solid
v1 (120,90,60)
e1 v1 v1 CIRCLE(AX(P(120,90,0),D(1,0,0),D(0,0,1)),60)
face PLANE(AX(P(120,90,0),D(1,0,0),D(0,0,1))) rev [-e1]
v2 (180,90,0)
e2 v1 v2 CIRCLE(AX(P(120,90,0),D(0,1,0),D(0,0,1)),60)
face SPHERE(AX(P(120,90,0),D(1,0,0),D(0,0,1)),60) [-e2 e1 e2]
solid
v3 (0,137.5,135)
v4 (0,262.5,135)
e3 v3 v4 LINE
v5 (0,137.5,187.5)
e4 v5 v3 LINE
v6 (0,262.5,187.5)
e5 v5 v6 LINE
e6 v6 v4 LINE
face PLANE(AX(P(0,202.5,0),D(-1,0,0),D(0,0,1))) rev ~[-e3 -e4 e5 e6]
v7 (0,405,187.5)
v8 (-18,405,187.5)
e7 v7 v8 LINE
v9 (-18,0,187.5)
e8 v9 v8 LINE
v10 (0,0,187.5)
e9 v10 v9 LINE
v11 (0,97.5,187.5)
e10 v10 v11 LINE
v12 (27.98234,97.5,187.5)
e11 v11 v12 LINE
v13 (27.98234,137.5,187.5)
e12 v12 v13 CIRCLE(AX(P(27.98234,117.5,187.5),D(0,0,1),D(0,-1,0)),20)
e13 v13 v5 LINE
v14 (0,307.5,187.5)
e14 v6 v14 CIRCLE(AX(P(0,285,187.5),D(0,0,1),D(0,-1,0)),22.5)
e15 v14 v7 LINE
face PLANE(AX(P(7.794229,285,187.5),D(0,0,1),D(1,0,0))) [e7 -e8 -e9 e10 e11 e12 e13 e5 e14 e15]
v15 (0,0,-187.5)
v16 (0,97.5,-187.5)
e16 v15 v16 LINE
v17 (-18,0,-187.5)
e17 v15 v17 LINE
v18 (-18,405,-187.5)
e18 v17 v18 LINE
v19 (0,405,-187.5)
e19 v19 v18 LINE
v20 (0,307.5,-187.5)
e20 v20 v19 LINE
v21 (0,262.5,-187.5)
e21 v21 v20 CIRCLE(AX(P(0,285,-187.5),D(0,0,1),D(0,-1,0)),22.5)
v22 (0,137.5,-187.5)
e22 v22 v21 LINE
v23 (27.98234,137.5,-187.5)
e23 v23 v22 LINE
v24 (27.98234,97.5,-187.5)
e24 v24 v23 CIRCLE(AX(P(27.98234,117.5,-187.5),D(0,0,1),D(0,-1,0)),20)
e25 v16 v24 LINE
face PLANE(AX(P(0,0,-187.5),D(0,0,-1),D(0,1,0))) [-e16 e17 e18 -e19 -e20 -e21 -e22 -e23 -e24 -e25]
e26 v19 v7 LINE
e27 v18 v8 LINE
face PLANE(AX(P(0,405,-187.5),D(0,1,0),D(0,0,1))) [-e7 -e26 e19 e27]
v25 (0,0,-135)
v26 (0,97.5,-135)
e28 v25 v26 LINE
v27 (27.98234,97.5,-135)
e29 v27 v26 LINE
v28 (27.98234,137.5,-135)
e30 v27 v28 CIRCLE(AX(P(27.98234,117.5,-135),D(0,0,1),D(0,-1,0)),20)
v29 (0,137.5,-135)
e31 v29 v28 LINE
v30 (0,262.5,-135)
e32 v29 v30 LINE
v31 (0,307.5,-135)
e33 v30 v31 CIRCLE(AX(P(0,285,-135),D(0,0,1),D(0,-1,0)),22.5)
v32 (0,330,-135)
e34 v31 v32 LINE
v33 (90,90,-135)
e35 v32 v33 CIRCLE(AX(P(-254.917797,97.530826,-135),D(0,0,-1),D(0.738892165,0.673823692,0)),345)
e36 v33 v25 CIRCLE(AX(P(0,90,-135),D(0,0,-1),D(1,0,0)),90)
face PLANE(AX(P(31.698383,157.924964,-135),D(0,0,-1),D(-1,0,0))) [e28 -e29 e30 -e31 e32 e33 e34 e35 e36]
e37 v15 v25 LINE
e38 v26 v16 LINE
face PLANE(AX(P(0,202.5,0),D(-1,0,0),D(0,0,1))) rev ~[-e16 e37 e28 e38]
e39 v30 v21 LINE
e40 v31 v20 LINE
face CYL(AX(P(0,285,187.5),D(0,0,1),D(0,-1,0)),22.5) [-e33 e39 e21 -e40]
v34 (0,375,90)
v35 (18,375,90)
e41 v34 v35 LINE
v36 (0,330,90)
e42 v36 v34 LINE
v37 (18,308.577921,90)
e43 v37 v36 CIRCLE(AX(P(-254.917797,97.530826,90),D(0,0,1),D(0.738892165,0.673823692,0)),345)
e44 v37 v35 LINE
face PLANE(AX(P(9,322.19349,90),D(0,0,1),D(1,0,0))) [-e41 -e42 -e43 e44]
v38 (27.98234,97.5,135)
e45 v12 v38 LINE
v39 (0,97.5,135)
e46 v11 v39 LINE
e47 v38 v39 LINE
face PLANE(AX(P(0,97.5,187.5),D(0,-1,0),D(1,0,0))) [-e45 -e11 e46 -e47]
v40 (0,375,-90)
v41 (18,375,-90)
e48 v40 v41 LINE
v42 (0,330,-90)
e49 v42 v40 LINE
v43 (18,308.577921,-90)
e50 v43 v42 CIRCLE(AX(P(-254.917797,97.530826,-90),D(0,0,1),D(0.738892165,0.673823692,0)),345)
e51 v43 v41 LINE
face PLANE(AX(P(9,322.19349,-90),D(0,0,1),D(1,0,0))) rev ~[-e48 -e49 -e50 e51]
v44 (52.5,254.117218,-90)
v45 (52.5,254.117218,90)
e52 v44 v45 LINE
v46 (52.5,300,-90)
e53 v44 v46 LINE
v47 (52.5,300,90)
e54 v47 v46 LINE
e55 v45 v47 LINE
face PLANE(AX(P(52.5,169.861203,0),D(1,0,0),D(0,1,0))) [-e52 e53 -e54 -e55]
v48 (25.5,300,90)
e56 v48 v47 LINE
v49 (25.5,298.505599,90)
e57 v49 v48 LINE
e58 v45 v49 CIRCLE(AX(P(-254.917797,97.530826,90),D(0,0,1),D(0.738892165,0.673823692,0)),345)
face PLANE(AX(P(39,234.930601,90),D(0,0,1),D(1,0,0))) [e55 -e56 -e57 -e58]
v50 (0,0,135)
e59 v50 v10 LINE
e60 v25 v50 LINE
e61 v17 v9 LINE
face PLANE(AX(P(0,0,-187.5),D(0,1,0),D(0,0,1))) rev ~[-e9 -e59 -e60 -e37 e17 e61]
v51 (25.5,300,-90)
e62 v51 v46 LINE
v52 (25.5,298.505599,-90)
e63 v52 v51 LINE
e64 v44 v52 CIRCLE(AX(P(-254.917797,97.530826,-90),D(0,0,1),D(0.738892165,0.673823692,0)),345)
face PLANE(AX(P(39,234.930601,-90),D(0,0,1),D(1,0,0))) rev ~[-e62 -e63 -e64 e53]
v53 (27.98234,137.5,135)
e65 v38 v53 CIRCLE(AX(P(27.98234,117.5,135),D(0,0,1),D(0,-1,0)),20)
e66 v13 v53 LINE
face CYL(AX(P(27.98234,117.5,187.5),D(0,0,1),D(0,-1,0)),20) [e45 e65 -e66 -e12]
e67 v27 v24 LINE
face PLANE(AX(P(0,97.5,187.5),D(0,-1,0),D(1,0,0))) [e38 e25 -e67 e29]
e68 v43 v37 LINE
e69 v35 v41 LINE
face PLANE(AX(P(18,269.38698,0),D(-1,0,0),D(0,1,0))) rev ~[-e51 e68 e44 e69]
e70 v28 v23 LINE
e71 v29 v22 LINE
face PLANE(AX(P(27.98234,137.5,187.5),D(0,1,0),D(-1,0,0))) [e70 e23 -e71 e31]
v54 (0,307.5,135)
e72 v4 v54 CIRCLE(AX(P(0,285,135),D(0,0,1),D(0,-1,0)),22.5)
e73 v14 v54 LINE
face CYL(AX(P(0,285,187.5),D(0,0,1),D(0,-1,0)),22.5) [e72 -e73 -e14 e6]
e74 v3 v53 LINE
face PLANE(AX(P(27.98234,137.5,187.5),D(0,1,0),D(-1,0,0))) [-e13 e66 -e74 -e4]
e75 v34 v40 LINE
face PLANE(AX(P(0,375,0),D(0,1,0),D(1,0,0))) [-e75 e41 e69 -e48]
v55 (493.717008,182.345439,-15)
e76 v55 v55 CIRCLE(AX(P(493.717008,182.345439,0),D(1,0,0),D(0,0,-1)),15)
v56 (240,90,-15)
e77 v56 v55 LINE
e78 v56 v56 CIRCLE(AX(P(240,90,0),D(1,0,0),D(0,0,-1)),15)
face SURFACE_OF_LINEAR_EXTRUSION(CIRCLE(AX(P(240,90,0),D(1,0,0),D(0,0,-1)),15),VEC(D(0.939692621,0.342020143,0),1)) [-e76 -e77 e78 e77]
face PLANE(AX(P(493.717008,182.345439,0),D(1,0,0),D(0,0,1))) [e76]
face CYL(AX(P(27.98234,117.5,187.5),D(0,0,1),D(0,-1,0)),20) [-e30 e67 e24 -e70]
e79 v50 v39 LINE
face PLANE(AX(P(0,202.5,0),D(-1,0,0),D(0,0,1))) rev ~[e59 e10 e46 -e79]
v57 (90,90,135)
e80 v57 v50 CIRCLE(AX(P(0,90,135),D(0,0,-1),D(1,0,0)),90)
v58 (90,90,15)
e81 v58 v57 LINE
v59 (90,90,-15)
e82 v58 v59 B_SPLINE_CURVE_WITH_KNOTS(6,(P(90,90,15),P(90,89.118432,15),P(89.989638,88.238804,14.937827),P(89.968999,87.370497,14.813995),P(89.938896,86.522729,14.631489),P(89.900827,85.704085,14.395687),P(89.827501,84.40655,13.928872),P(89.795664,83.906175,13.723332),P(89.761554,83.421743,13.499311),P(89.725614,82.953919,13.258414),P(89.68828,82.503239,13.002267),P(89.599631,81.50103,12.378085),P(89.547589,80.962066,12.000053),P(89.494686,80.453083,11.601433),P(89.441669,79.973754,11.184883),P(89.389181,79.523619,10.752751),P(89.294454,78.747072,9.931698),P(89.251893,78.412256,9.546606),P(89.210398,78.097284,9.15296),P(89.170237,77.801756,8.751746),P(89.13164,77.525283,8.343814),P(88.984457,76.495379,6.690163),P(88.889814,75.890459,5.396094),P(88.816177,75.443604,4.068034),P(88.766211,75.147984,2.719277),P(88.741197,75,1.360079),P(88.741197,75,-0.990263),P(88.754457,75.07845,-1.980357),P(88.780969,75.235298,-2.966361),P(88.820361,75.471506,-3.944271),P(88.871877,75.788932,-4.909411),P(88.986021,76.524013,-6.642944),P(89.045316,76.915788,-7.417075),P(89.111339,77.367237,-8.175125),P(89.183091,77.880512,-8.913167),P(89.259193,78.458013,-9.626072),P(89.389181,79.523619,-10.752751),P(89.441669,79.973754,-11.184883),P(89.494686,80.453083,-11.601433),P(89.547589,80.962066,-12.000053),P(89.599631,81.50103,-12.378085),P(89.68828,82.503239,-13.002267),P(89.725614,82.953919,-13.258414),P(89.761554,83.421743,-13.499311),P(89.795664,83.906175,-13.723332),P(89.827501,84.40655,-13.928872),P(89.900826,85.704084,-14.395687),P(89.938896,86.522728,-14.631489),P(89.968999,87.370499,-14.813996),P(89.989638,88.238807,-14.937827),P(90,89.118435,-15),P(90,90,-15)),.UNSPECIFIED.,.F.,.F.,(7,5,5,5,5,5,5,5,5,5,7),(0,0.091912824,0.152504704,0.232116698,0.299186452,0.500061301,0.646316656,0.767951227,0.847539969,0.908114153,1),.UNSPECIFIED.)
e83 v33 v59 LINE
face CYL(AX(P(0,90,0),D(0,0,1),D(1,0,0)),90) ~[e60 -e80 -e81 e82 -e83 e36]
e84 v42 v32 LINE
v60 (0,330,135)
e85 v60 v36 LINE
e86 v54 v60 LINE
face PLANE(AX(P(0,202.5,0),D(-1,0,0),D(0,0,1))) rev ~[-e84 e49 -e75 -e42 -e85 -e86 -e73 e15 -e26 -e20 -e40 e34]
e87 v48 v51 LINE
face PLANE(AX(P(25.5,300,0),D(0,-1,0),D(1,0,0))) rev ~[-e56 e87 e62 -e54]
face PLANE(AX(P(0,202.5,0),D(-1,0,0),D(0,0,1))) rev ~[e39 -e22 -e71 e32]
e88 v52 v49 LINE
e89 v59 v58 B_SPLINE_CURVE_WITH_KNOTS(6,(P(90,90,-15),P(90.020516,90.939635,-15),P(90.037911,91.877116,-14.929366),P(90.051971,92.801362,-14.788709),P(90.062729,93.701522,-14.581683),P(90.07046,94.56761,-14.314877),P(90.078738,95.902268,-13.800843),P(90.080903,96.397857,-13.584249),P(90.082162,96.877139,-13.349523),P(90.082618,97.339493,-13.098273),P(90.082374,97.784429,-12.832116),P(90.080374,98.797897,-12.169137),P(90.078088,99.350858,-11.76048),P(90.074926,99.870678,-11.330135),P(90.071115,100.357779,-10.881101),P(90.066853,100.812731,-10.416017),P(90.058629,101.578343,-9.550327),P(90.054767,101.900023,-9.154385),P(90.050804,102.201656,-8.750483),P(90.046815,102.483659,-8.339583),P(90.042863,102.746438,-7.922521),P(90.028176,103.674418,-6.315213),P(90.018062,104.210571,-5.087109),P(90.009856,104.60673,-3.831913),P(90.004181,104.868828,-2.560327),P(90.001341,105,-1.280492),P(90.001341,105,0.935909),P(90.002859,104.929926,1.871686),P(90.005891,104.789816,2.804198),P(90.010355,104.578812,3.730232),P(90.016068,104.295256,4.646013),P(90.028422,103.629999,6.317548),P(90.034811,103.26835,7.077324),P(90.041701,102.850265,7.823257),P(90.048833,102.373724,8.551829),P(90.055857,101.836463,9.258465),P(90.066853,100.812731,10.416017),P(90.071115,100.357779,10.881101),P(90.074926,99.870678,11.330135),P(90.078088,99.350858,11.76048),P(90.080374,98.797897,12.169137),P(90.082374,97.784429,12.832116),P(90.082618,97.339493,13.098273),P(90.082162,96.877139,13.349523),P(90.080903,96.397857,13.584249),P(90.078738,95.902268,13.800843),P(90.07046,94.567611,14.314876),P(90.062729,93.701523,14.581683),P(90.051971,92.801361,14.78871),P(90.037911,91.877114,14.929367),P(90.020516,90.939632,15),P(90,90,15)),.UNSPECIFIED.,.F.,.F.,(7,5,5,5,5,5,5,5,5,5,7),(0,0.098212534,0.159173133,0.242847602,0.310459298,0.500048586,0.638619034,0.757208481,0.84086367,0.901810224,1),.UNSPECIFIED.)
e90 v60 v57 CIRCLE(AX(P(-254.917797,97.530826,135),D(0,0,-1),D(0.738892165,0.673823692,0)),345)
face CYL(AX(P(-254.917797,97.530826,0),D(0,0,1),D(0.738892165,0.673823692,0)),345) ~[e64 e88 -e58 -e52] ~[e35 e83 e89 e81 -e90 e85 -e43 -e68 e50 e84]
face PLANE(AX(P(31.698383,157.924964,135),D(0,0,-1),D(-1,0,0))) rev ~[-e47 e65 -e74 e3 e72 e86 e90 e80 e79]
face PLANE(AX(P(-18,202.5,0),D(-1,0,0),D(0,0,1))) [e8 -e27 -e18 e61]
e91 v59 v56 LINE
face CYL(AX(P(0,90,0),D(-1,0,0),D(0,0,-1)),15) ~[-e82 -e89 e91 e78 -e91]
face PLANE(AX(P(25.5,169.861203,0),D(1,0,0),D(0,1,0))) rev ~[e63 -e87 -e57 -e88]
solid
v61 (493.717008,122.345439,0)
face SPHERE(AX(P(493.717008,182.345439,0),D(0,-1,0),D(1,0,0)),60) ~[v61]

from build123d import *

# Parameters (mm, degrees)
BOSS_EXTRUDE1_DEPTH = 135
SKETCH2_W           = 375
SKETCH2_H           = 405
BOSS_EXTRUDE2_DEPTH = 18
SKETCH3_W           = 18
SKETCH3_H           = 105.613020489
SKETCH3_W_2         = 27
SKETCH3_H_2         = 130.138797092
BOSS_EXTRUDE3_DEPTH = 90
BOSS_EXTRUDE4_REACH = 561.254
SKETCH5_R           = 15
BOSS_EXTRUDE5_DEPTH = 240
SKETCH8_R           = 15


with BuildPart() as part:
    # Sketch1 → Boss-Extrude1 (new, symmetric)
    with BuildSketch(Plane.XY):
        with BuildLine():
            Line((0, 0), (0, 330))
            ThreePointArc((0, 330), (68.115769304, 218.668413489), (90, 90))
            ThreePointArc((90, 90), (63.639610307, 26.360389693), (0, 0))
        make_face()
    extrude(amount=BOSS_EXTRUDE1_DEPTH, both=True)

    # Sketch2 → Boss-Extrude2 (add)
    with BuildSketch(Plane.ZY):
        with Locations((0, 202.5)):
            Rectangle(SKETCH2_W, SKETCH2_H)
    extrude(amount=BOSS_EXTRUDE2_DEPTH)

    # Sketch3 → Boss-Extrude3 (add, symmetric)
    with BuildSketch(Plane.XY):
        with Locations((9, 322.193489755)):
            Rectangle(SKETCH3_W, SKETCH3_H)
        with Locations((39, 234.930601454)):
            Rectangle(SKETCH3_W_2, SKETCH3_H_2)
    extrude(amount=BOSS_EXTRUDE3_DEPTH, both=True)

    # Boss-Extrude4: up to this face of the body (flat: up to its plane)
    boss_extrude4_end = Plane(part.part.faces().sort_by_distance((-9, 202.5, -187.5))[0])
    # Sketch4 → Boss-Extrude4 (add, up to the picked face)
    with BuildSketch(Plane.XY.offset(187.5), mode=Mode.PRIVATE) as boss_extrude4_sk1:
        with BuildLine():
            Line((0, 97.5), (27.982340315, 97.5))
            ThreePointArc((27.982340315, 97.5), (47.982340315, 117.5), (27.982340315, 137.5))
            Line((27.982340315, 137.5), (0, 137.5))
            Line((0, 137.5), (0, 97.5))
        make_face()
    boss_extrude4_tool1 = split(extrude(boss_extrude4_sk1.sketch, amount=-BOSS_EXTRUDE4_REACH, mode=Mode.PRIVATE), bisect_by=boss_extrude4_end, keep=Keep.BOTH, mode=Mode.PRIVATE)
    # Sketch4 → Boss-Extrude4 (add, up to the picked face)
    with BuildSketch(Plane.XY.offset(187.5), mode=Mode.PRIVATE) as boss_extrude4_sk2:
        with BuildLine():
            Line((0, 307.5), (0, 262.5))
            ThreePointArc((0, 262.5), (22.5, 285), (0, 307.5))
        make_face()
    boss_extrude4_tool2 = split(extrude(boss_extrude4_sk2.sketch, amount=-BOSS_EXTRUDE4_REACH, mode=Mode.PRIVATE), bisect_by=boss_extrude4_end, keep=Keep.BOTH, mode=Mode.PRIVATE)
    add(boss_extrude4_tool1.solids().sort_by(Axis((22.073195, 117.5, 187.5), (0, 0, -1)))[0])
    add(boss_extrude4_tool2.solids().sort_by(Axis((9.549297, 285, 187.5), (0, 0, -1)))[0])

    # Sketch5 → Boss-Extrude5 (add)
    with BuildSketch(Plane(origin=(0, 0, 0), x_dir=(0, 0, -1), z_dir=(1, 0, 0))):
        with Locations((0, 90)):
            Circle(SKETCH5_R)
    extrude(amount=BOSS_EXTRUDE5_DEPTH)

    # Sweep1: sweep along a path in Sketch7
    with BuildLine(Plane.XY) as sweep1_path:
        Line((240, 90), (493.717007612, 182.345438698))
    # Sketch8 → Sweep1 (sweep)
    with BuildSketch(Plane(origin=(240, 0, 0), x_dir=(0, 0, -1), z_dir=(1, 0, 0))):
        with Locations((0, 90)):
            Circle(SKETCH8_R)
    sweep(path=sweep1_path.line)


with BuildPart() as body_2:
    # Sketch6 → Revolve1 (revolve)
    with BuildSketch(Plane(origin=(0, 90, 0), x_dir=(-1, 0, 0), z_dir=(0, -1, 0))):
        with BuildLine():
            Line((-120, 0), (-120, -60))
            ThreePointArc((-120, -60), (-162.426406871, -42.426406871), (-180, 0))
            Line((-180, 0), (-120, 0))
        make_face()
    revolve(axis=Axis((120, 90, 0), (1, 0, 0)))


with BuildPart() as body_3:
    # Sketch9 → Revolve2 (revolve)
    with BuildSketch(Plane.XY):
        with BuildLine():
            Line((493.717007612, 122.345438698), (493.717007612, 242.345438698))
            ThreePointArc((493.717007612, 242.345438698), (553.717007612, 182.345438698), (493.717007612, 122.345438698))
        make_face()
    revolve(axis=Axis((493.717007612, 122.345438698, 0), (0, 1, 0)))


solid = Compound([part.part, body_2.part, body_3.part])
